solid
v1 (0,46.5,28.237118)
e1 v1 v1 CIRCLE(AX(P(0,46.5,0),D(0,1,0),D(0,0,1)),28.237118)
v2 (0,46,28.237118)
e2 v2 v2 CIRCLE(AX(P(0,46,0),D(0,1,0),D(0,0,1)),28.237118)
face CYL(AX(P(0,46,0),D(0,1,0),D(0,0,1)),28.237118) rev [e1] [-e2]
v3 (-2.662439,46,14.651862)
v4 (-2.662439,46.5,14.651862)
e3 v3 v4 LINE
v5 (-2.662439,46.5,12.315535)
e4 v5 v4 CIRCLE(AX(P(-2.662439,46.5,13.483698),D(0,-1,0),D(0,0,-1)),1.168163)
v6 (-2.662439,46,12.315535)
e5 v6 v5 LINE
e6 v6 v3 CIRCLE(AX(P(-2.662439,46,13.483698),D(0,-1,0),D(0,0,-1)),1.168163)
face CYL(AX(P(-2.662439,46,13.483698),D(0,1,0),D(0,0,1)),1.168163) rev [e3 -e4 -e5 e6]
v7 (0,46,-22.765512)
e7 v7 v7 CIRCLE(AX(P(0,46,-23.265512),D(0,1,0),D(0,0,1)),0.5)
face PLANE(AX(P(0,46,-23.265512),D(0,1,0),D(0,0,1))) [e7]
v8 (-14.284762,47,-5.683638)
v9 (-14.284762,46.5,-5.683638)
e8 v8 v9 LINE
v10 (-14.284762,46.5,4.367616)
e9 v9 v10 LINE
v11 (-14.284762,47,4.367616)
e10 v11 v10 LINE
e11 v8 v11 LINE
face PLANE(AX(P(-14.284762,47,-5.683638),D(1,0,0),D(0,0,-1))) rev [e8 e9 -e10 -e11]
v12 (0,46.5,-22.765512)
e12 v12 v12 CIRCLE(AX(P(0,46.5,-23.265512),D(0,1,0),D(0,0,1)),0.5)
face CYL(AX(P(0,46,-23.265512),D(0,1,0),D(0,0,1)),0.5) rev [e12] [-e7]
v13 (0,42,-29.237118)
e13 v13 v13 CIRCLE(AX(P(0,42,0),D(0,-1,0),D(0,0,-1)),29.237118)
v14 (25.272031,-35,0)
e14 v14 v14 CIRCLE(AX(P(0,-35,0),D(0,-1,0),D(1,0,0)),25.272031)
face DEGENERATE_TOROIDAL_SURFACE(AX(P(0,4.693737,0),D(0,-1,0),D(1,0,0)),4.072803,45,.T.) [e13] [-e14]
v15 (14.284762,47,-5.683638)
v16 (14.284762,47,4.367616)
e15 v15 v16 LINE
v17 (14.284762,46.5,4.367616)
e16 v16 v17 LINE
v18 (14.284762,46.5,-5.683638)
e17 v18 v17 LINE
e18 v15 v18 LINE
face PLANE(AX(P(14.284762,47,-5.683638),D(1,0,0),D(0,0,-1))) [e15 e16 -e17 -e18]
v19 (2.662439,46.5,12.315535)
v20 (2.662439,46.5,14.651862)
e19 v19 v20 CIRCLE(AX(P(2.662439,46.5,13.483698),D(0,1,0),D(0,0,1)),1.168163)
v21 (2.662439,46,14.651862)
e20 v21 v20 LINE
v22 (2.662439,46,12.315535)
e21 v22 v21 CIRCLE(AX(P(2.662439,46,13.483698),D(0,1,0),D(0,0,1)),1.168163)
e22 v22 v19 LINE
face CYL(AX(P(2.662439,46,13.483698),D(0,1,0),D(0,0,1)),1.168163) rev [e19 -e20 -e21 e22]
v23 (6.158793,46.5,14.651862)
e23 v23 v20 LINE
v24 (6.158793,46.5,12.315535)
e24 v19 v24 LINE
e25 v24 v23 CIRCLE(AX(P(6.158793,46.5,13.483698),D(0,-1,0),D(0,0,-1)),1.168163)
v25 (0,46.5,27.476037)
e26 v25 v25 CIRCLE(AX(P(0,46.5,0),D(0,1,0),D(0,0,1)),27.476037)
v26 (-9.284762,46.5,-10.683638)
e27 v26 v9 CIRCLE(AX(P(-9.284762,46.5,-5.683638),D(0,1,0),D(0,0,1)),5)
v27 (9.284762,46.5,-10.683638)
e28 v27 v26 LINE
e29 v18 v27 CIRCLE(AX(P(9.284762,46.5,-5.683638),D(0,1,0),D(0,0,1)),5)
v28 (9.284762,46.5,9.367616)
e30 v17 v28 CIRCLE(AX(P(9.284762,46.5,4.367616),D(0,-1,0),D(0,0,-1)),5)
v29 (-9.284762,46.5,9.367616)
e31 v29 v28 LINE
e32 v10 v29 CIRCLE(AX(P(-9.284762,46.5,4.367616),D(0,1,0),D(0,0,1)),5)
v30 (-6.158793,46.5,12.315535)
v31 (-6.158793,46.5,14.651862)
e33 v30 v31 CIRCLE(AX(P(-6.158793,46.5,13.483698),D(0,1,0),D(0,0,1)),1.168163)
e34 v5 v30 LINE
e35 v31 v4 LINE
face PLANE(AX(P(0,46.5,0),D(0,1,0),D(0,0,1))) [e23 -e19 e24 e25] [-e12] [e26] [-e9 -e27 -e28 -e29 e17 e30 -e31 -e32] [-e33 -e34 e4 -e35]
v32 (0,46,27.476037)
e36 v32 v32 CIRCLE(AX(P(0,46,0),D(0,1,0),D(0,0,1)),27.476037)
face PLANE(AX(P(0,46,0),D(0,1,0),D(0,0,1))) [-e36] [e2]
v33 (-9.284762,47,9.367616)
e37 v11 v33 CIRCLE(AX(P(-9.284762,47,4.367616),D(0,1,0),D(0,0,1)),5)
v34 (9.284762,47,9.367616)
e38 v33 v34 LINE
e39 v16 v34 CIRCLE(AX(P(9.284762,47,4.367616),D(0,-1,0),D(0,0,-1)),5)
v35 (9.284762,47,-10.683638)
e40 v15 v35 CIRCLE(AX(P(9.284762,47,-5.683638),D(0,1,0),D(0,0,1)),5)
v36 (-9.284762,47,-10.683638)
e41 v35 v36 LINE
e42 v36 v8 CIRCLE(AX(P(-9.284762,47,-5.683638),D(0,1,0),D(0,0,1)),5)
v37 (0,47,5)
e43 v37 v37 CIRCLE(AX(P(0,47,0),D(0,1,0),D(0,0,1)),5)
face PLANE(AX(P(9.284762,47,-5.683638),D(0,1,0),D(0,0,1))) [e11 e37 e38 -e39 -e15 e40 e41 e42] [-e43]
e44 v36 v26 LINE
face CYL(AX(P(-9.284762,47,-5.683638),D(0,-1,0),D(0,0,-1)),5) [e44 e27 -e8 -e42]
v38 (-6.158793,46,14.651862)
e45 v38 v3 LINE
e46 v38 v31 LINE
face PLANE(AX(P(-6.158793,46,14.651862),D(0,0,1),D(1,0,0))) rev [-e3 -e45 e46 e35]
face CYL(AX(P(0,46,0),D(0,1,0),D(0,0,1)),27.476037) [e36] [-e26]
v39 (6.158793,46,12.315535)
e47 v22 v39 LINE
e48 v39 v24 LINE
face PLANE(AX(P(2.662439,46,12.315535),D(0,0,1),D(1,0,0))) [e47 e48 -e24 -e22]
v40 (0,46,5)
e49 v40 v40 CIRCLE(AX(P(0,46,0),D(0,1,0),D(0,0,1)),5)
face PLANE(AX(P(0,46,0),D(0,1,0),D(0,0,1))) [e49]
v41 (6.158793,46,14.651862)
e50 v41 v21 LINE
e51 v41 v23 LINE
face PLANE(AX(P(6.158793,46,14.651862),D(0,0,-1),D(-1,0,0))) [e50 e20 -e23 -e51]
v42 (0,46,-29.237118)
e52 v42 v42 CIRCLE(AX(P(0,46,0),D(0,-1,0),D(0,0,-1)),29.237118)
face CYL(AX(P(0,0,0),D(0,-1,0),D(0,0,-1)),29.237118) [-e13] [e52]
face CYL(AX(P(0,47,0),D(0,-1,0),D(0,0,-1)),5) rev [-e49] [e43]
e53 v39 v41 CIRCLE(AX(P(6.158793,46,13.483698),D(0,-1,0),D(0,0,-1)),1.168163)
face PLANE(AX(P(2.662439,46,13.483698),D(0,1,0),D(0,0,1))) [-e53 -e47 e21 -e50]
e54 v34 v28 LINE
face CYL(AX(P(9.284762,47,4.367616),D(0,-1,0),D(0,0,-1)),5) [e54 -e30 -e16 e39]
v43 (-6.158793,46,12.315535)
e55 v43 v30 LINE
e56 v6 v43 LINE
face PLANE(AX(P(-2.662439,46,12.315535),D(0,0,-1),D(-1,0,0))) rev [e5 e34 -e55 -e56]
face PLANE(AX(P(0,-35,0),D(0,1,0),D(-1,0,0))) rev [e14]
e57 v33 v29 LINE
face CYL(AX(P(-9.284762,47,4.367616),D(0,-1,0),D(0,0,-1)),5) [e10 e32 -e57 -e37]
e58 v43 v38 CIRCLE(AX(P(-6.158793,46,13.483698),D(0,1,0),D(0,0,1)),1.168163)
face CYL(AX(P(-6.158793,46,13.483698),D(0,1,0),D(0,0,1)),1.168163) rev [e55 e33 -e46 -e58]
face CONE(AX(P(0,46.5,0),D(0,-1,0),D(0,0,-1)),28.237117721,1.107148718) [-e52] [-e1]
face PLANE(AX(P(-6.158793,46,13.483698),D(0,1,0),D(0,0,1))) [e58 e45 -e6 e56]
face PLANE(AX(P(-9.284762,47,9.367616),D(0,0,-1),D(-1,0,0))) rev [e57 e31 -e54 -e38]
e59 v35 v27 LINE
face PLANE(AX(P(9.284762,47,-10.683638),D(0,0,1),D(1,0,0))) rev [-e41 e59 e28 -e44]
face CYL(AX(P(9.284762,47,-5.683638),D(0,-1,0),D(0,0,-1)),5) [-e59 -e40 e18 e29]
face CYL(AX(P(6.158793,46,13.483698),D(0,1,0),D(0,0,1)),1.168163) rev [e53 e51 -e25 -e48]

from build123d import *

# Parameters (mm, degrees)
CUT_EXTRUDE1_DEPTH      = 86.356590332
CUT_EXTRUDE1_DEPTH_BACK = 86.356590332
SKETCH9_R               = 28.237117721
BOSS_EXTRUDE3_DEPTH     = 4.5
SKETCH10_R              = 28.237117721
SKETCH10_R_2            = 27.47603731
CUT_EXTRUDE2_DEPTH      = 0.5
CUT_EXTRUDE4_DEPTH      = 0.5
CUT_EXTRUDE5_DEPTH      = 0.5
BOSS_EXTRUDE5_DEPTH     = 0.5
CUT_EXTRUDE7_DEPTH      = 0.5
CUT_EXTRUDE7_DEPTH_BACK = 0.5
SKETCH11_11_R           = 5
SKETCH11_12_R           = 0.5
CUT_EXTRUDE8_DEPTH      = 0.5


with BuildPart() as part:
    # Sketch1 → Revolve1 (revolve)
    with BuildSketch(Plane.XY):
        with BuildLine():
            Line((0, 49.509049853), (0, -35))
            Line((0, -35), (-25.272030651, -35))
            ThreePointArc((-25.272030651, -35), (-47.186298393, 17.586623254), (0, 49.509049853))
        make_face()
    revolve(axis=Axis((0, 0, 0), (0, 1, 0)))

    # Sketch2 → Cut-Extrude1 (cut, two sides: drawn at the far end of the back side and taken through both)
    with BuildSketch(Plane.XY.offset(-CUT_EXTRUDE1_DEPTH_BACK)):
        Polygon((57.527772065, 42), (57.527772065, 50), (-10, 50), (-49.614603295, 50), (-49.614603295, 42), align=None)
    extrude(amount=CUT_EXTRUDE1_DEPTH + CUT_EXTRUDE1_DEPTH_BACK, mode=Mode.SUBTRACT)

    # Sketch8 → Revolve2 (revolve)
    with BuildSketch(Plane.XY):
        Polygon((-29.237117721, 42), (-29.237117721, 46), (-28.237117721, 46.5), (-28.237117721, 42), align=None)
    revolve(axis=Axis((0, 0, 0), (0, 1, 0)))

    # Sketch9 → Boss-Extrude3 (add)
    with BuildSketch(Plane(origin=(0, 42, 0), x_dir=(1, 0, 0), z_dir=(0, 1, 0))):
        Circle(SKETCH9_R)
    extrude(amount=BOSS_EXTRUDE3_DEPTH)

    # Sketch10 → Cut-Extrude2 (cut)
    with BuildSketch(Plane(origin=(0, 46.5, 0), x_dir=(1, 0, 0), z_dir=(0, 1, 0))):
        Circle(SKETCH10_R)
        Circle(SKETCH10_R_2, mode=Mode.SUBTRACT)
    extrude(amount=-CUT_EXTRUDE2_DEPTH, mode=Mode.SUBTRACT)

    # Sketch11 → Cut-Extrude4 (cut)
    with BuildSketch(Plane(origin=(0, 46.5, 0), x_dir=(1, 0, 0), z_dir=(0, 1, 0))):
        with BuildLine():
            Line((-2.662439007, -12.315535384), (-6.158792876, -12.315535384))
            ThreePointArc((-6.158792876, -12.315535384), (-7.326955988, -13.483698497), (-6.158792876, -14.651861609))
            Line((-6.158792876, -14.651861609), (-2.662439007, -14.651861609))
            ThreePointArc((-2.662439007, -14.651861609), (-1.494275894, -13.483698497), (-2.662439007, -12.315535384))
        make_face()
    extrude(amount=-CUT_EXTRUDE4_DEPTH, mode=Mode.SUBTRACT)

    # Sketch11<7> → Cut-Extrude5 (cut)
    with BuildSketch(Plane(origin=(0, 46.5, 0), x_dir=(1, 0, 0), z_dir=(0, 1, 0))):
        with BuildLine():
            Line((2.662439007, -12.315535384), (6.158792876, -12.315535384))
            ThreePointArc((6.158792876, -12.315535384), (7.326955988, -13.483698497), (6.158792876, -14.651861609))
            Line((6.158792876, -14.651861609), (2.662439007, -14.651861609))
            ThreePointArc((2.662439007, -14.651861609), (1.494275894, -13.483698497), (2.662439007, -12.315535384))
        make_face()
    extrude(amount=-CUT_EXTRUDE5_DEPTH, mode=Mode.SUBTRACT)

    # Sketch11<10> → Boss-Extrude5 (add)
    with BuildSketch(Plane(origin=(0, 46.5, 0), x_dir=(1, 0, 0), z_dir=(0, 1, 0))):
        with BuildLine():
            Line((9.284761758, 10.683638038), (-9.284761758, 10.683638038))
            ThreePointArc((-9.284761758, 10.683638038), (-12.820295664, 9.219171944), (-14.284761758, 5.683638038))
            Line((-14.284761758, 5.683638038), (-14.284761758, -4.367615893))
            ThreePointArc((-14.284761758, -4.367615893), (-12.820295664, -7.903149799), (-9.284761758, -9.367615893))
            Line((-9.284761758, -9.367615893), (9.284761758, -9.367615893))
            ThreePointArc((9.284761758, -9.367615893), (12.820295664, -7.903149799), (14.284761758, -4.367615893))
            Line((14.284761758, -4.367615893), (14.284761758, 5.683638038))
            ThreePointArc((14.284761758, 5.683638038), (12.820295664, 9.219171944), (9.284761758, 10.683638038))
        make_face()
    extrude(amount=BOSS_EXTRUDE5_DEPTH)

    # Sketch11<11> → Cut-Extrude7 (cut, two sides: drawn at the far end of the back side and taken through both)
    with BuildSketch(Plane(origin=(0, 46.5, 0), x_dir=(1, 0, 0), z_dir=(0, 1, 0)).offset(-CUT_EXTRUDE7_DEPTH_BACK)):
        Circle(SKETCH11_11_R)
    extrude(amount=CUT_EXTRUDE7_DEPTH + CUT_EXTRUDE7_DEPTH_BACK, mode=Mode.SUBTRACT)

    # Sketch11<12> → Cut-Extrude8 (cut)
    with BuildSketch(Plane(origin=(0, 46.5, 0), x_dir=(1, 0, 0), z_dir=(0, 1, 0))):
        with Locations((0, 23.265511796)):
            Circle(SKETCH11_12_R)
    extrude(amount=-CUT_EXTRUDE8_DEPTH, mode=Mode.SUBTRACT)


solid = part.part
